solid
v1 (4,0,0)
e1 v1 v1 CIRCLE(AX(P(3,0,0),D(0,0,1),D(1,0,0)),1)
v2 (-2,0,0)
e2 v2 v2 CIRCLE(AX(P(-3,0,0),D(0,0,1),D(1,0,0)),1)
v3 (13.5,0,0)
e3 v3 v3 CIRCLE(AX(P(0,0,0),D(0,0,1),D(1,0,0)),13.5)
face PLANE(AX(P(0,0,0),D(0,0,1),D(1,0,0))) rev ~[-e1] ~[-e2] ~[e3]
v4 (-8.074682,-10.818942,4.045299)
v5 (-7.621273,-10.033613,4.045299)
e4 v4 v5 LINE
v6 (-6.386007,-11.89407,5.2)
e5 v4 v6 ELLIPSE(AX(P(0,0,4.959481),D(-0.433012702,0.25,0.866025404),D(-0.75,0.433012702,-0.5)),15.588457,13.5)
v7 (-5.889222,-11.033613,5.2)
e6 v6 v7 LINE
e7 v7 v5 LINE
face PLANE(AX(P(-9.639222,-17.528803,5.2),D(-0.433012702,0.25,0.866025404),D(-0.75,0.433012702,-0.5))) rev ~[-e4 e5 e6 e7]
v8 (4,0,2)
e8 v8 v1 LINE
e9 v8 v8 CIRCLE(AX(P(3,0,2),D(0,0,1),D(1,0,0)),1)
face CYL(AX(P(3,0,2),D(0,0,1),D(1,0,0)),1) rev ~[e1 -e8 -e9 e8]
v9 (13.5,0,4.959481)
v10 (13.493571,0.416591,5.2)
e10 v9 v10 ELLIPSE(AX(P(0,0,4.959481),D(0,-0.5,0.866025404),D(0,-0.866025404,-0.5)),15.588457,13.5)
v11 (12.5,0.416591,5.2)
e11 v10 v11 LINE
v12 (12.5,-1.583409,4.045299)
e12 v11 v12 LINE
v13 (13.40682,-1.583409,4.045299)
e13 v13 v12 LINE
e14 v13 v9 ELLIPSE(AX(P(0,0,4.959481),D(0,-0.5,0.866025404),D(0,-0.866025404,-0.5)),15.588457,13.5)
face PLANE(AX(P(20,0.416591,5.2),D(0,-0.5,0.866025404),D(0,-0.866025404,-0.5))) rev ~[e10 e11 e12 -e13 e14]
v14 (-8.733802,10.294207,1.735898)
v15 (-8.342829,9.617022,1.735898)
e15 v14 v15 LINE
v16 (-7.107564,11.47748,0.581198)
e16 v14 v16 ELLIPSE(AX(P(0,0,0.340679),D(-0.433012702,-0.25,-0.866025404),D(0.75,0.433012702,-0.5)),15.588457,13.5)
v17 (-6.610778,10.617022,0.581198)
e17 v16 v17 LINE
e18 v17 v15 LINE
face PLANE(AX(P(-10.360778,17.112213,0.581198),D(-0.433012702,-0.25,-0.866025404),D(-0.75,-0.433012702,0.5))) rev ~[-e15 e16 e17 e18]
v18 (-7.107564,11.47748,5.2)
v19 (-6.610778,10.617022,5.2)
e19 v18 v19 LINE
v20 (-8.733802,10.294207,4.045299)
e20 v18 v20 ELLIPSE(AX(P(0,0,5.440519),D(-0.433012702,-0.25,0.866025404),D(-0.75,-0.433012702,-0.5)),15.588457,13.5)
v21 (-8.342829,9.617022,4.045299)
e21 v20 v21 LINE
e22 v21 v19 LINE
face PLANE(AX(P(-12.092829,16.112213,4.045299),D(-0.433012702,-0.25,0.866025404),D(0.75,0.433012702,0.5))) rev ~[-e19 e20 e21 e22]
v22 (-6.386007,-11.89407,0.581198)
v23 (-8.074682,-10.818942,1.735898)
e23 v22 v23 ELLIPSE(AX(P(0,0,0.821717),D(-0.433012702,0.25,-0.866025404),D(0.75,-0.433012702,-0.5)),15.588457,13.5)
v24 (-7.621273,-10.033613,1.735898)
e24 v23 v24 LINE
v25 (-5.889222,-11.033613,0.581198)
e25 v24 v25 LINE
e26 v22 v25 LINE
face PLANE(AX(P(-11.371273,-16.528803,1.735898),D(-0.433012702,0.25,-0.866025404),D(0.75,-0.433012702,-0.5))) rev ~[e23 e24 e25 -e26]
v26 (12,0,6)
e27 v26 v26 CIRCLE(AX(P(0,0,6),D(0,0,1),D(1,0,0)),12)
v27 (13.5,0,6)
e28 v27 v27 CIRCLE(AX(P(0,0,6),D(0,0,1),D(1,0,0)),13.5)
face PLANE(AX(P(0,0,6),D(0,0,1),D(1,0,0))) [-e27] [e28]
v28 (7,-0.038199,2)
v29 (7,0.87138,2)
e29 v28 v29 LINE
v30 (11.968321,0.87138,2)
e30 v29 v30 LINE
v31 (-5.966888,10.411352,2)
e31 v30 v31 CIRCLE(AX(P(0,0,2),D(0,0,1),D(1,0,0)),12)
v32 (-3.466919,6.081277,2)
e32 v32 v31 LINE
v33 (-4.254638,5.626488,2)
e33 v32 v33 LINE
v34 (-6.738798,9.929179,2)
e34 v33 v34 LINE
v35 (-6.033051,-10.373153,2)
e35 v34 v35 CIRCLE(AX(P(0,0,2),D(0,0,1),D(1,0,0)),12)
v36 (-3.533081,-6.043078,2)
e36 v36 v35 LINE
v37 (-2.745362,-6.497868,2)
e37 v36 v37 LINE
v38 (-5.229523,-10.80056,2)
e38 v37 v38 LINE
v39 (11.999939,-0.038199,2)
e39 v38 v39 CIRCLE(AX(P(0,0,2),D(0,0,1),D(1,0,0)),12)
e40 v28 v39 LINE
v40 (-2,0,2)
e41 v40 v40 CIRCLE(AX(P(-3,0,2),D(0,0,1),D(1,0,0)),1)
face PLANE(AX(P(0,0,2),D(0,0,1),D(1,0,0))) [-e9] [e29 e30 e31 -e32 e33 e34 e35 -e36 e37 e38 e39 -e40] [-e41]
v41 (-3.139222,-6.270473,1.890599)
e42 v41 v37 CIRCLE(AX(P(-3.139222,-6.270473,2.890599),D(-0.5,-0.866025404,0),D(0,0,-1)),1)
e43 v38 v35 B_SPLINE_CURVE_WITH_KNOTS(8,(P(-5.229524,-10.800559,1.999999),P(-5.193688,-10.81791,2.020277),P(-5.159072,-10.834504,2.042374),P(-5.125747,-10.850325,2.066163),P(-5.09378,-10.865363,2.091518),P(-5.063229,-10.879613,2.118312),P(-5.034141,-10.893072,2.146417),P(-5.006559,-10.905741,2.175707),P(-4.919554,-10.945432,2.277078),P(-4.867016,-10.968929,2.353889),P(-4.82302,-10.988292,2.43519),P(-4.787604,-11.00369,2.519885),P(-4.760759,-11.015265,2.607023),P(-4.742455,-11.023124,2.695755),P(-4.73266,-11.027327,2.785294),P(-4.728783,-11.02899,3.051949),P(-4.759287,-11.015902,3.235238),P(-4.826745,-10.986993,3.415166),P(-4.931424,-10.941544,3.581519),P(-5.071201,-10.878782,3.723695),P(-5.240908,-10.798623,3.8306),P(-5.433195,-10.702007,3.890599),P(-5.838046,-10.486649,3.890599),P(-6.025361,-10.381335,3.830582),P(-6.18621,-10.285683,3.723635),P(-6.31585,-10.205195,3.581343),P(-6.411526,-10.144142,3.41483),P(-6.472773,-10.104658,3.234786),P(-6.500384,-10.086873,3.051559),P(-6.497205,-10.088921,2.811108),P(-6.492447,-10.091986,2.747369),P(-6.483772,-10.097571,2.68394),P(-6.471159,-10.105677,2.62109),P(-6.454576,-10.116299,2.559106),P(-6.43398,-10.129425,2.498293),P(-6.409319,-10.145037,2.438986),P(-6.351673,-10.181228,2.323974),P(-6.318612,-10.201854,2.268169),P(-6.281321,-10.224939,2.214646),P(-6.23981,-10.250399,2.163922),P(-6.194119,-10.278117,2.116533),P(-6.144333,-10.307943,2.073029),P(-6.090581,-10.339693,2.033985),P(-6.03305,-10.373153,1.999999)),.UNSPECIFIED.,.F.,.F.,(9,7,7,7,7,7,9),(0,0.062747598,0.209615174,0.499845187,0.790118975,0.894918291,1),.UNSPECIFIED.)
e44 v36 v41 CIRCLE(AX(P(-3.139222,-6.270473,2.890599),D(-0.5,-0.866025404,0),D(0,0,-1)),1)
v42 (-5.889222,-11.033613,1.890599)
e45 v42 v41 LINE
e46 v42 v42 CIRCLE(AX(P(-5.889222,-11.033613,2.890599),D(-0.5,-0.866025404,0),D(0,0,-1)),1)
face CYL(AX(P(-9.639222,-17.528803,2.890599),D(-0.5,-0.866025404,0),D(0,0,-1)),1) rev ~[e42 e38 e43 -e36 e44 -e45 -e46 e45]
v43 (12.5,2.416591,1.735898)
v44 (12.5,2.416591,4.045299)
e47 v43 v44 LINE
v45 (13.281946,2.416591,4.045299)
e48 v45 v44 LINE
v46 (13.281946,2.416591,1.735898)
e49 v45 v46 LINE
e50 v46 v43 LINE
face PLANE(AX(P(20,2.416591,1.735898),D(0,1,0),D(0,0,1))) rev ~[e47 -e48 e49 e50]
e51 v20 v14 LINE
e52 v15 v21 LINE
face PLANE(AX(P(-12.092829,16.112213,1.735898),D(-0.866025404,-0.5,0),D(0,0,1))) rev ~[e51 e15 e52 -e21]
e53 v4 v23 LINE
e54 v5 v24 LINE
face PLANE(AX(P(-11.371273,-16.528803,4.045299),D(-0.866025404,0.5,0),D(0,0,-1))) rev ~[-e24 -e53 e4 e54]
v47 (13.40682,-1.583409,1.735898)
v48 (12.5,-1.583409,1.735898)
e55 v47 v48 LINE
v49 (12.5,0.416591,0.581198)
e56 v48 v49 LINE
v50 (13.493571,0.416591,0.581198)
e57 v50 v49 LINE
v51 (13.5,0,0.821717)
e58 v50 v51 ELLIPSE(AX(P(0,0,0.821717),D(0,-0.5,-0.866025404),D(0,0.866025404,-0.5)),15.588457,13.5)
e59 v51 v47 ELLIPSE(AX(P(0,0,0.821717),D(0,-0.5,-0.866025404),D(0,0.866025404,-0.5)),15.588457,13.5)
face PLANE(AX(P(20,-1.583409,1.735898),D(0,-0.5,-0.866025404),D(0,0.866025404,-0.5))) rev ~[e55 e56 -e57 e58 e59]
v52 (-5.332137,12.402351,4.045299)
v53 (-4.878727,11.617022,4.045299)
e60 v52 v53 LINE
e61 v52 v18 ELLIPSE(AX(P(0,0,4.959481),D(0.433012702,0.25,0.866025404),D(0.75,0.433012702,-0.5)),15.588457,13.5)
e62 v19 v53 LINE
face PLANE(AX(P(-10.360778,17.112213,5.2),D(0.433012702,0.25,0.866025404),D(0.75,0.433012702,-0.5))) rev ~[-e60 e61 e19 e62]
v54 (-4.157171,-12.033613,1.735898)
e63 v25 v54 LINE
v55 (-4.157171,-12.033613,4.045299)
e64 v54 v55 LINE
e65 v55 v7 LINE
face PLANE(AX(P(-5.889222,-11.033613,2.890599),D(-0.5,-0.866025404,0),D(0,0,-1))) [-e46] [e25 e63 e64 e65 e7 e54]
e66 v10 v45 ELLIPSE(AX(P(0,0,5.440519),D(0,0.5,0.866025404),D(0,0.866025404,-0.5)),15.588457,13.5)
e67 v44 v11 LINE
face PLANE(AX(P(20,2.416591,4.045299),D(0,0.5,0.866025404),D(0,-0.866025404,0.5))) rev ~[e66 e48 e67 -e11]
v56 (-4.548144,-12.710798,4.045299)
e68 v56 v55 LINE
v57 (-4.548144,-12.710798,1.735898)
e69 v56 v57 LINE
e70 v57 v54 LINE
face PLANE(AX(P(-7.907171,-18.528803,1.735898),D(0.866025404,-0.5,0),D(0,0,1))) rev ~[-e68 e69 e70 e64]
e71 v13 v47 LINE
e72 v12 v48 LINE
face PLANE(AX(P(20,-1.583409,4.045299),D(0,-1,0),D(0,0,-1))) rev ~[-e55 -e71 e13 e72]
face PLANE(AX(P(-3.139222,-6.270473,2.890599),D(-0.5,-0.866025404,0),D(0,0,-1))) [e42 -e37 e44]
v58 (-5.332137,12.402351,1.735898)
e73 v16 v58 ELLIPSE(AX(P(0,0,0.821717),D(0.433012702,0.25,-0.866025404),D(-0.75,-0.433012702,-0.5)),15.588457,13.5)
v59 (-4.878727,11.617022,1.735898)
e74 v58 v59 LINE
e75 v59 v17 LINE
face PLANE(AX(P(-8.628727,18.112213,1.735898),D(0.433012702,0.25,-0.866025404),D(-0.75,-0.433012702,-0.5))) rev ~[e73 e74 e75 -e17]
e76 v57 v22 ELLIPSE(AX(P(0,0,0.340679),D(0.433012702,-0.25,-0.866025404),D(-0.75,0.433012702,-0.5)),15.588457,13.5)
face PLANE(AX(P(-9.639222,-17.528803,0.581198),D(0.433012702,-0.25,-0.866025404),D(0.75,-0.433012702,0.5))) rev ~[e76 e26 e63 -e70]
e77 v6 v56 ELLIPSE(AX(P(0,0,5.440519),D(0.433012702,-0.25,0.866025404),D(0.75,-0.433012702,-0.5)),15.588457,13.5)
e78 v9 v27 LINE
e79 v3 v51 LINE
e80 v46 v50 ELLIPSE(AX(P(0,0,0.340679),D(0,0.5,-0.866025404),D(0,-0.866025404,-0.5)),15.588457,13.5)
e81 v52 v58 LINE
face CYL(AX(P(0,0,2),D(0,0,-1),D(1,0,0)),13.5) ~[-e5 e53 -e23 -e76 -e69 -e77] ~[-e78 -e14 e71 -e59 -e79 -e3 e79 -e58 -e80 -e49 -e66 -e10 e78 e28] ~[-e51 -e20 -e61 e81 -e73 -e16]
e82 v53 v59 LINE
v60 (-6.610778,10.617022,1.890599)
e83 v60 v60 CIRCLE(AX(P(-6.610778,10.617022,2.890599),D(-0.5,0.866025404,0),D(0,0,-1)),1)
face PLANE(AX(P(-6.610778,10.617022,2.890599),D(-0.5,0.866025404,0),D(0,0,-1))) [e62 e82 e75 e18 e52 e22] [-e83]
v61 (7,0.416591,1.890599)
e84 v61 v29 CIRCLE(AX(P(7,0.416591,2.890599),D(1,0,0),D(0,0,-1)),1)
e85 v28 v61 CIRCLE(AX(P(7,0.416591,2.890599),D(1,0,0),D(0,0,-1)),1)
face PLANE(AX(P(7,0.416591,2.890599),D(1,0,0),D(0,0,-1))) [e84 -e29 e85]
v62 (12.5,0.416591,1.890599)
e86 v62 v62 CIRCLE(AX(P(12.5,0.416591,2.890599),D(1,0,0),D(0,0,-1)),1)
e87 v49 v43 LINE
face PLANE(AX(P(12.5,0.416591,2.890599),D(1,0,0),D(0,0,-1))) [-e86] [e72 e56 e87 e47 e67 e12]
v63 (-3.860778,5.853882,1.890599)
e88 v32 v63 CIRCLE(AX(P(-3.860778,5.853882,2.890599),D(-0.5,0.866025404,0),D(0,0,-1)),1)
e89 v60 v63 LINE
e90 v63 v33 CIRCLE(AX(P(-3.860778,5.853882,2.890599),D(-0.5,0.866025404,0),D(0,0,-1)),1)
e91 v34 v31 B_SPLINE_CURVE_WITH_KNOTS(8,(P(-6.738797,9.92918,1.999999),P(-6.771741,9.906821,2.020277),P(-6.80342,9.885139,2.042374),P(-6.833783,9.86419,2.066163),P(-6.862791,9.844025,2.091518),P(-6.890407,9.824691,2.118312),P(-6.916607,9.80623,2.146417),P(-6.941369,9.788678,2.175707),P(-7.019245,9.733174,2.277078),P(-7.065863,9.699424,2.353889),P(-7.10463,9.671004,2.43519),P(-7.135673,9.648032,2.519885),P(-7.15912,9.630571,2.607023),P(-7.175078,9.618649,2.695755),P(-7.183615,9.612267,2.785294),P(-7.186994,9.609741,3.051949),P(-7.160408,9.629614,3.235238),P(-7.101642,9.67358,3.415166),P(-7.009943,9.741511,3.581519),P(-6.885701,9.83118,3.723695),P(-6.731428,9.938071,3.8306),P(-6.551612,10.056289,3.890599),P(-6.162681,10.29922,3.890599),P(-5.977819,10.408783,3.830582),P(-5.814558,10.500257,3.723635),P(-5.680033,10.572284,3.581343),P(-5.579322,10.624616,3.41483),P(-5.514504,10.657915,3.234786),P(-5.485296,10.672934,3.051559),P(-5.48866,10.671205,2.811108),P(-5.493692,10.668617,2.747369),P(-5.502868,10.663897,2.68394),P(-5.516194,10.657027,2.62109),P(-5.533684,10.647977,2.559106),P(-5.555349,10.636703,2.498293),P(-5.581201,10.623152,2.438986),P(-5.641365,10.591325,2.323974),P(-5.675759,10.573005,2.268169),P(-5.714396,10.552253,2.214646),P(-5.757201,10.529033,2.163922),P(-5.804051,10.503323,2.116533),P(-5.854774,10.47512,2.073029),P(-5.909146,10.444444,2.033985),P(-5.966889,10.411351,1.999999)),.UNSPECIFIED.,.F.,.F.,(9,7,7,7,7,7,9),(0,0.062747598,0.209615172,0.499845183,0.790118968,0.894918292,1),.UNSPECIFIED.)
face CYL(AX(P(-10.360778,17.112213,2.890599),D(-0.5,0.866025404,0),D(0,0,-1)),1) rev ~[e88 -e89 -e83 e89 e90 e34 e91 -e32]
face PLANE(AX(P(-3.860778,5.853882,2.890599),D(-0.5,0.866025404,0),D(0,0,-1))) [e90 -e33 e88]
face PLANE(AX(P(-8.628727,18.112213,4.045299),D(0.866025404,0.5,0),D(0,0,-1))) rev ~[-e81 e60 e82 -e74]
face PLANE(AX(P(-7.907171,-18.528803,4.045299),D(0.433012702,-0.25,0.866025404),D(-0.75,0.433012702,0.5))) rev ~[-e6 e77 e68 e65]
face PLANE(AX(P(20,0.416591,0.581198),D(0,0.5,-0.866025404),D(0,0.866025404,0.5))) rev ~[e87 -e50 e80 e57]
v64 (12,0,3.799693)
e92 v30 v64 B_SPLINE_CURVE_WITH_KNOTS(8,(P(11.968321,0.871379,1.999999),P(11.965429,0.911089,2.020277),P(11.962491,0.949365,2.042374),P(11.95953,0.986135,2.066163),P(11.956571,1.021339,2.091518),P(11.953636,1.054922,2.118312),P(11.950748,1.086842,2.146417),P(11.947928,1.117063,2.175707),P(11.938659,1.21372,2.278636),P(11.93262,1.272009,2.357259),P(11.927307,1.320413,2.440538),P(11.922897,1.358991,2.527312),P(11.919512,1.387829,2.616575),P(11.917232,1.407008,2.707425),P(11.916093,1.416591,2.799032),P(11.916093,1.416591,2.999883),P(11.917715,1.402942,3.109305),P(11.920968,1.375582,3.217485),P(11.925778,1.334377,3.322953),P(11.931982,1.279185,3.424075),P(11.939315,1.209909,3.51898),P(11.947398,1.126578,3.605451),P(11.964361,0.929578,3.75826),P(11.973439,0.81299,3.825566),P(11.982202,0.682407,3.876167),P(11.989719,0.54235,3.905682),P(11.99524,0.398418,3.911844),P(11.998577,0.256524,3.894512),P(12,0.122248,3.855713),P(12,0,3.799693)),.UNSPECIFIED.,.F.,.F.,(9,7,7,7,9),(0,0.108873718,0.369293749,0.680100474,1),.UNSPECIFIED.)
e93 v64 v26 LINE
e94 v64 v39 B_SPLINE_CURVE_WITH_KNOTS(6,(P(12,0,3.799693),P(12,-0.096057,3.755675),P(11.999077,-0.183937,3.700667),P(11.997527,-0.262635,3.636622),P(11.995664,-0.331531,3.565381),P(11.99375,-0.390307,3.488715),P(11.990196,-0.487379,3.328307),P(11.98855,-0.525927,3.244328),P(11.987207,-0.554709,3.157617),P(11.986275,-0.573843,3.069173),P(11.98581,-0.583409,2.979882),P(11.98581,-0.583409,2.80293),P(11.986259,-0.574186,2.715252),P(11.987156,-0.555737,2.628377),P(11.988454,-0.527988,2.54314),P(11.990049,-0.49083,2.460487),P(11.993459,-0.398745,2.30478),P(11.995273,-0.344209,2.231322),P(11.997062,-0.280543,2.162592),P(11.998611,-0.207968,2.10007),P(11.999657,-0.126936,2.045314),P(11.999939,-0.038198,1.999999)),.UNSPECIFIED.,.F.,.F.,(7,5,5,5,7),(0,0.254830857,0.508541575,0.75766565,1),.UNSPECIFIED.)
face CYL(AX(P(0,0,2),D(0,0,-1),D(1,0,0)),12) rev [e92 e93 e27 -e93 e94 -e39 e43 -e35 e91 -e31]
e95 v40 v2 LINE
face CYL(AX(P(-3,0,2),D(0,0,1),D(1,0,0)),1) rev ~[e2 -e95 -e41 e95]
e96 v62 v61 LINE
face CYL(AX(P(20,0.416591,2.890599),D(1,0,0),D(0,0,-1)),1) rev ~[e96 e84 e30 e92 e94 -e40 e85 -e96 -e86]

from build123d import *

# Parameters (mm, degrees)
SKETCH1_R                   = 13.5
BOSS_EXTRUDE1_DEPTH         = 2
SKETCH2_R                   = 13.5
SKETCH2_R_2                 = 12
BOSS_EXTRUDE2_DEPTH         = 4
SKETCH4_R                   = 1
CUT_EXTRUDE1_DEPTH          = 13
SKETCH4_3_R                 = 1
CUT_EXTRUDE2_DEPTH          = 7.5
CIRPATTERN1_COUNT           = 3
CIRPATTERN2_COUNT           = 3
CIRPATTERN2_COPY_1_SKETCH_R = 1
CIRPATTERN2_COPY_1_DEPTH    = 7.5
CIRPATTERN2_COPY_2_SKETCH_R = 1
CIRPATTERN2_COPY_2_DEPTH    = 7.5
CIRPATTERN2_COPY_3_SKETCH_R = 1
CIRPATTERN2_COPY_3_DEPTH    = 7.5
CIRPATTERN2_COPY_4_SKETCH_R = 1
CIRPATTERN2_COPY_4_DEPTH    = 7.5
CIRPATTERN2_COPY_5_SKETCH_R = 1
CIRPATTERN2_COPY_5_DEPTH    = 7.5
CIRPATTERN2_COPY_6_SKETCH_R = 1
CIRPATTERN2_COPY_6_DEPTH    = 7.5
SKETCH5_R                   = 1
CUT_EXTRUDE3_DEPTH          = 20.506409224


with BuildPart() as part:
    # Sketch1 → Boss-Extrude1 (new body)
    with BuildSketch(Plane.XY):
        Circle(SKETCH1_R)
    extrude(amount=BOSS_EXTRUDE1_DEPTH)

    # Sketch2 → Boss-Extrude2 (add)
    with BuildSketch(Plane.XY.offset(2)):
        Circle(SKETCH2_R)
        Circle(SKETCH2_R_2, mode=Mode.SUBTRACT)
    extrude(amount=BOSS_EXTRUDE2_DEPTH)

    # Sketch4 → Cut-Extrude1 (cut)
    with BuildSketch(Plane(origin=(20, 0, 0), x_dir=(0, 0, -1), z_dir=(1, 0, 0))):
        with Locations((-2.890598923, 0.416590766)):
            Circle(SKETCH4_R)
    cut_extrude1 = extrude(amount=-CUT_EXTRUDE1_DEPTH, mode=Mode.SUBTRACT)

    # Sketch4<3> → Cut-Extrude2 (cut)
    with BuildSketch(Plane(origin=(20, 0, 0), x_dir=(0, 0, -1), z_dir=(1, 0, 0))):
        Polygon((-0.581197846, 0.416590766), (-1.735898385, 2.416590766), (-4.045299462, 2.416590766), (-5.2, 0.416590766), (-4.045299462, -1.583409234), (-1.735898385, -1.583409234), align=None)
        with Locations((-2.890598923, 0.416590766)):
            Circle(SKETCH4_3_R, mode=Mode.SUBTRACT)
    cut_extrude2 = extrude(amount=-CUT_EXTRUDE2_DEPTH, mode=Mode.SUBTRACT)

    # CirPattern1: Cut-Extrude2 ×3 about axis
    cirpattern1_axis = Axis((0, 0, 2), (0, 0, -1))
    for i in range(1, CIRPATTERN1_COUNT):
        add(cut_extrude2.rotate(cirpattern1_axis, i * 360 / CIRPATTERN1_COUNT), mode=Mode.SUBTRACT)

    # CirPattern2: Cut-Extrude1 ×3 about axis
    cirpattern2_axis = Axis((0, 0, 2), (0, 0, -1))
    for i in range(1, CIRPATTERN2_COUNT):
        add(cut_extrude1.rotate(cirpattern2_axis, i * 360 / CIRPATTERN2_COUNT), mode=Mode.SUBTRACT)

    # CirPattern2 copy 1 sketch → CirPattern2 copy 1 (cut)
    with BuildSketch(Plane(origin=(-10, 17.320508076, 0), x_dir=(0, 0, -1), z_dir=(-0.5000000000000003, 0.8660254037844384, 0))):
        Polygon((-0.581197846, 0.416590766), (-1.735898385, 2.416590766), (-4.045299462, 2.416590766), (-5.2, 0.416590766), (-4.045299462, -1.583409234), (-1.735898385, -1.583409234), align=None)
        with Locations((-2.890598923, 0.416590766)):
            Circle(CIRPATTERN2_COPY_1_SKETCH_R, mode=Mode.SUBTRACT)
    extrude(amount=-CIRPATTERN2_COPY_1_DEPTH, mode=Mode.SUBTRACT)

    # CirPattern2 copy 2 sketch → CirPattern2 copy 2 (cut)
    with BuildSketch(Plane(origin=(20, 0, 0), x_dir=(0, 0, -1), z_dir=(1, 0, 0))):
        Polygon((-0.581197846, 0.416590766), (-1.735898385, 2.416590766), (-4.045299462, 2.416590766), (-5.2, 0.416590766), (-4.045299462, -1.583409234), (-1.735898385, -1.583409234), align=None)
        with Locations((-2.890598923, 0.416590766)):
            Circle(CIRPATTERN2_COPY_2_SKETCH_R, mode=Mode.SUBTRACT)
    extrude(amount=-CIRPATTERN2_COPY_2_DEPTH, mode=Mode.SUBTRACT)

    # CirPattern2 copy 3 sketch → CirPattern2 copy 3 (cut)
    with BuildSketch(Plane(origin=(20, 0, 0), x_dir=(0, 0, -1), z_dir=(1, 0, 0))):
        Polygon((-0.581197846, 0.416590766), (-1.735898385, 2.416590766), (-4.045299462, 2.416590766), (-5.2, 0.416590766), (-4.045299462, -1.583409234), (-1.735898385, -1.583409234), align=None)
        with Locations((-2.890598923, 0.416590766)):
            Circle(CIRPATTERN2_COPY_3_SKETCH_R, mode=Mode.SUBTRACT)
    extrude(amount=-CIRPATTERN2_COPY_3_DEPTH, mode=Mode.SUBTRACT)

    # CirPattern2 copy 4 sketch → CirPattern2 copy 4 (cut)
    with BuildSketch(Plane(origin=(-10, -17.320508076, 0), x_dir=(0, 0, -1), z_dir=(-0.4999999999999991, -0.8660254037844392, 0))):
        Polygon((-0.581197846, 0.416590766), (-1.735898385, 2.416590766), (-4.045299462, 2.416590766), (-5.2, 0.416590766), (-4.045299462, -1.583409234), (-1.735898385, -1.583409234), align=None)
        with Locations((-2.890598923, 0.416590766)):
            Circle(CIRPATTERN2_COPY_4_SKETCH_R, mode=Mode.SUBTRACT)
    extrude(amount=-CIRPATTERN2_COPY_4_DEPTH, mode=Mode.SUBTRACT)

    # CirPattern2 copy 5 sketch → CirPattern2 copy 5 (cut)
    with BuildSketch(Plane(origin=(-10, -17.320508076, 0), x_dir=(0, 0, -1), z_dir=(-0.4999999999999998, -0.8660254037844387, 0))):
        Polygon((-0.581197846, 0.416590766), (-1.735898385, 2.416590766), (-4.045299462, 2.416590766), (-5.2, 0.416590766), (-4.045299462, -1.583409234), (-1.735898385, -1.583409234), align=None)
        with Locations((-2.890598923, 0.416590766)):
            Circle(CIRPATTERN2_COPY_5_SKETCH_R, mode=Mode.SUBTRACT)
    extrude(amount=-CIRPATTERN2_COPY_5_DEPTH, mode=Mode.SUBTRACT)

    # CirPattern2 copy 6 sketch → CirPattern2 copy 6 (cut)
    with BuildSketch(Plane(origin=(-10, 17.320508076, 0), x_dir=(0, 0, -1), z_dir=(-0.5000000000000004, 0.8660254037844384, 0))):
        Polygon((-0.581197846, 0.416590766), (-1.735898385, 2.416590766), (-4.045299462, 2.416590766), (-5.2, 0.416590766), (-4.045299462, -1.583409234), (-1.735898385, -1.583409234), align=None)
        with Locations((-2.890598923, 0.416590766)):
            Circle(CIRPATTERN2_COPY_6_SKETCH_R, mode=Mode.SUBTRACT)
    extrude(amount=-CIRPATTERN2_COPY_6_DEPTH, mode=Mode.SUBTRACT)

    # Sketch5 → Cut-Extrude3 (cut, through all)
    with BuildSketch(Plane.XY.offset(2)):
        with Locations((3, 0)):
            Circle(SKETCH5_R)
        with Locations((-3, 0)):
            Circle(SKETCH5_R)
    extrude(amount=-CUT_EXTRUDE3_DEPTH, mode=Mode.SUBTRACT)


solid = part.part
